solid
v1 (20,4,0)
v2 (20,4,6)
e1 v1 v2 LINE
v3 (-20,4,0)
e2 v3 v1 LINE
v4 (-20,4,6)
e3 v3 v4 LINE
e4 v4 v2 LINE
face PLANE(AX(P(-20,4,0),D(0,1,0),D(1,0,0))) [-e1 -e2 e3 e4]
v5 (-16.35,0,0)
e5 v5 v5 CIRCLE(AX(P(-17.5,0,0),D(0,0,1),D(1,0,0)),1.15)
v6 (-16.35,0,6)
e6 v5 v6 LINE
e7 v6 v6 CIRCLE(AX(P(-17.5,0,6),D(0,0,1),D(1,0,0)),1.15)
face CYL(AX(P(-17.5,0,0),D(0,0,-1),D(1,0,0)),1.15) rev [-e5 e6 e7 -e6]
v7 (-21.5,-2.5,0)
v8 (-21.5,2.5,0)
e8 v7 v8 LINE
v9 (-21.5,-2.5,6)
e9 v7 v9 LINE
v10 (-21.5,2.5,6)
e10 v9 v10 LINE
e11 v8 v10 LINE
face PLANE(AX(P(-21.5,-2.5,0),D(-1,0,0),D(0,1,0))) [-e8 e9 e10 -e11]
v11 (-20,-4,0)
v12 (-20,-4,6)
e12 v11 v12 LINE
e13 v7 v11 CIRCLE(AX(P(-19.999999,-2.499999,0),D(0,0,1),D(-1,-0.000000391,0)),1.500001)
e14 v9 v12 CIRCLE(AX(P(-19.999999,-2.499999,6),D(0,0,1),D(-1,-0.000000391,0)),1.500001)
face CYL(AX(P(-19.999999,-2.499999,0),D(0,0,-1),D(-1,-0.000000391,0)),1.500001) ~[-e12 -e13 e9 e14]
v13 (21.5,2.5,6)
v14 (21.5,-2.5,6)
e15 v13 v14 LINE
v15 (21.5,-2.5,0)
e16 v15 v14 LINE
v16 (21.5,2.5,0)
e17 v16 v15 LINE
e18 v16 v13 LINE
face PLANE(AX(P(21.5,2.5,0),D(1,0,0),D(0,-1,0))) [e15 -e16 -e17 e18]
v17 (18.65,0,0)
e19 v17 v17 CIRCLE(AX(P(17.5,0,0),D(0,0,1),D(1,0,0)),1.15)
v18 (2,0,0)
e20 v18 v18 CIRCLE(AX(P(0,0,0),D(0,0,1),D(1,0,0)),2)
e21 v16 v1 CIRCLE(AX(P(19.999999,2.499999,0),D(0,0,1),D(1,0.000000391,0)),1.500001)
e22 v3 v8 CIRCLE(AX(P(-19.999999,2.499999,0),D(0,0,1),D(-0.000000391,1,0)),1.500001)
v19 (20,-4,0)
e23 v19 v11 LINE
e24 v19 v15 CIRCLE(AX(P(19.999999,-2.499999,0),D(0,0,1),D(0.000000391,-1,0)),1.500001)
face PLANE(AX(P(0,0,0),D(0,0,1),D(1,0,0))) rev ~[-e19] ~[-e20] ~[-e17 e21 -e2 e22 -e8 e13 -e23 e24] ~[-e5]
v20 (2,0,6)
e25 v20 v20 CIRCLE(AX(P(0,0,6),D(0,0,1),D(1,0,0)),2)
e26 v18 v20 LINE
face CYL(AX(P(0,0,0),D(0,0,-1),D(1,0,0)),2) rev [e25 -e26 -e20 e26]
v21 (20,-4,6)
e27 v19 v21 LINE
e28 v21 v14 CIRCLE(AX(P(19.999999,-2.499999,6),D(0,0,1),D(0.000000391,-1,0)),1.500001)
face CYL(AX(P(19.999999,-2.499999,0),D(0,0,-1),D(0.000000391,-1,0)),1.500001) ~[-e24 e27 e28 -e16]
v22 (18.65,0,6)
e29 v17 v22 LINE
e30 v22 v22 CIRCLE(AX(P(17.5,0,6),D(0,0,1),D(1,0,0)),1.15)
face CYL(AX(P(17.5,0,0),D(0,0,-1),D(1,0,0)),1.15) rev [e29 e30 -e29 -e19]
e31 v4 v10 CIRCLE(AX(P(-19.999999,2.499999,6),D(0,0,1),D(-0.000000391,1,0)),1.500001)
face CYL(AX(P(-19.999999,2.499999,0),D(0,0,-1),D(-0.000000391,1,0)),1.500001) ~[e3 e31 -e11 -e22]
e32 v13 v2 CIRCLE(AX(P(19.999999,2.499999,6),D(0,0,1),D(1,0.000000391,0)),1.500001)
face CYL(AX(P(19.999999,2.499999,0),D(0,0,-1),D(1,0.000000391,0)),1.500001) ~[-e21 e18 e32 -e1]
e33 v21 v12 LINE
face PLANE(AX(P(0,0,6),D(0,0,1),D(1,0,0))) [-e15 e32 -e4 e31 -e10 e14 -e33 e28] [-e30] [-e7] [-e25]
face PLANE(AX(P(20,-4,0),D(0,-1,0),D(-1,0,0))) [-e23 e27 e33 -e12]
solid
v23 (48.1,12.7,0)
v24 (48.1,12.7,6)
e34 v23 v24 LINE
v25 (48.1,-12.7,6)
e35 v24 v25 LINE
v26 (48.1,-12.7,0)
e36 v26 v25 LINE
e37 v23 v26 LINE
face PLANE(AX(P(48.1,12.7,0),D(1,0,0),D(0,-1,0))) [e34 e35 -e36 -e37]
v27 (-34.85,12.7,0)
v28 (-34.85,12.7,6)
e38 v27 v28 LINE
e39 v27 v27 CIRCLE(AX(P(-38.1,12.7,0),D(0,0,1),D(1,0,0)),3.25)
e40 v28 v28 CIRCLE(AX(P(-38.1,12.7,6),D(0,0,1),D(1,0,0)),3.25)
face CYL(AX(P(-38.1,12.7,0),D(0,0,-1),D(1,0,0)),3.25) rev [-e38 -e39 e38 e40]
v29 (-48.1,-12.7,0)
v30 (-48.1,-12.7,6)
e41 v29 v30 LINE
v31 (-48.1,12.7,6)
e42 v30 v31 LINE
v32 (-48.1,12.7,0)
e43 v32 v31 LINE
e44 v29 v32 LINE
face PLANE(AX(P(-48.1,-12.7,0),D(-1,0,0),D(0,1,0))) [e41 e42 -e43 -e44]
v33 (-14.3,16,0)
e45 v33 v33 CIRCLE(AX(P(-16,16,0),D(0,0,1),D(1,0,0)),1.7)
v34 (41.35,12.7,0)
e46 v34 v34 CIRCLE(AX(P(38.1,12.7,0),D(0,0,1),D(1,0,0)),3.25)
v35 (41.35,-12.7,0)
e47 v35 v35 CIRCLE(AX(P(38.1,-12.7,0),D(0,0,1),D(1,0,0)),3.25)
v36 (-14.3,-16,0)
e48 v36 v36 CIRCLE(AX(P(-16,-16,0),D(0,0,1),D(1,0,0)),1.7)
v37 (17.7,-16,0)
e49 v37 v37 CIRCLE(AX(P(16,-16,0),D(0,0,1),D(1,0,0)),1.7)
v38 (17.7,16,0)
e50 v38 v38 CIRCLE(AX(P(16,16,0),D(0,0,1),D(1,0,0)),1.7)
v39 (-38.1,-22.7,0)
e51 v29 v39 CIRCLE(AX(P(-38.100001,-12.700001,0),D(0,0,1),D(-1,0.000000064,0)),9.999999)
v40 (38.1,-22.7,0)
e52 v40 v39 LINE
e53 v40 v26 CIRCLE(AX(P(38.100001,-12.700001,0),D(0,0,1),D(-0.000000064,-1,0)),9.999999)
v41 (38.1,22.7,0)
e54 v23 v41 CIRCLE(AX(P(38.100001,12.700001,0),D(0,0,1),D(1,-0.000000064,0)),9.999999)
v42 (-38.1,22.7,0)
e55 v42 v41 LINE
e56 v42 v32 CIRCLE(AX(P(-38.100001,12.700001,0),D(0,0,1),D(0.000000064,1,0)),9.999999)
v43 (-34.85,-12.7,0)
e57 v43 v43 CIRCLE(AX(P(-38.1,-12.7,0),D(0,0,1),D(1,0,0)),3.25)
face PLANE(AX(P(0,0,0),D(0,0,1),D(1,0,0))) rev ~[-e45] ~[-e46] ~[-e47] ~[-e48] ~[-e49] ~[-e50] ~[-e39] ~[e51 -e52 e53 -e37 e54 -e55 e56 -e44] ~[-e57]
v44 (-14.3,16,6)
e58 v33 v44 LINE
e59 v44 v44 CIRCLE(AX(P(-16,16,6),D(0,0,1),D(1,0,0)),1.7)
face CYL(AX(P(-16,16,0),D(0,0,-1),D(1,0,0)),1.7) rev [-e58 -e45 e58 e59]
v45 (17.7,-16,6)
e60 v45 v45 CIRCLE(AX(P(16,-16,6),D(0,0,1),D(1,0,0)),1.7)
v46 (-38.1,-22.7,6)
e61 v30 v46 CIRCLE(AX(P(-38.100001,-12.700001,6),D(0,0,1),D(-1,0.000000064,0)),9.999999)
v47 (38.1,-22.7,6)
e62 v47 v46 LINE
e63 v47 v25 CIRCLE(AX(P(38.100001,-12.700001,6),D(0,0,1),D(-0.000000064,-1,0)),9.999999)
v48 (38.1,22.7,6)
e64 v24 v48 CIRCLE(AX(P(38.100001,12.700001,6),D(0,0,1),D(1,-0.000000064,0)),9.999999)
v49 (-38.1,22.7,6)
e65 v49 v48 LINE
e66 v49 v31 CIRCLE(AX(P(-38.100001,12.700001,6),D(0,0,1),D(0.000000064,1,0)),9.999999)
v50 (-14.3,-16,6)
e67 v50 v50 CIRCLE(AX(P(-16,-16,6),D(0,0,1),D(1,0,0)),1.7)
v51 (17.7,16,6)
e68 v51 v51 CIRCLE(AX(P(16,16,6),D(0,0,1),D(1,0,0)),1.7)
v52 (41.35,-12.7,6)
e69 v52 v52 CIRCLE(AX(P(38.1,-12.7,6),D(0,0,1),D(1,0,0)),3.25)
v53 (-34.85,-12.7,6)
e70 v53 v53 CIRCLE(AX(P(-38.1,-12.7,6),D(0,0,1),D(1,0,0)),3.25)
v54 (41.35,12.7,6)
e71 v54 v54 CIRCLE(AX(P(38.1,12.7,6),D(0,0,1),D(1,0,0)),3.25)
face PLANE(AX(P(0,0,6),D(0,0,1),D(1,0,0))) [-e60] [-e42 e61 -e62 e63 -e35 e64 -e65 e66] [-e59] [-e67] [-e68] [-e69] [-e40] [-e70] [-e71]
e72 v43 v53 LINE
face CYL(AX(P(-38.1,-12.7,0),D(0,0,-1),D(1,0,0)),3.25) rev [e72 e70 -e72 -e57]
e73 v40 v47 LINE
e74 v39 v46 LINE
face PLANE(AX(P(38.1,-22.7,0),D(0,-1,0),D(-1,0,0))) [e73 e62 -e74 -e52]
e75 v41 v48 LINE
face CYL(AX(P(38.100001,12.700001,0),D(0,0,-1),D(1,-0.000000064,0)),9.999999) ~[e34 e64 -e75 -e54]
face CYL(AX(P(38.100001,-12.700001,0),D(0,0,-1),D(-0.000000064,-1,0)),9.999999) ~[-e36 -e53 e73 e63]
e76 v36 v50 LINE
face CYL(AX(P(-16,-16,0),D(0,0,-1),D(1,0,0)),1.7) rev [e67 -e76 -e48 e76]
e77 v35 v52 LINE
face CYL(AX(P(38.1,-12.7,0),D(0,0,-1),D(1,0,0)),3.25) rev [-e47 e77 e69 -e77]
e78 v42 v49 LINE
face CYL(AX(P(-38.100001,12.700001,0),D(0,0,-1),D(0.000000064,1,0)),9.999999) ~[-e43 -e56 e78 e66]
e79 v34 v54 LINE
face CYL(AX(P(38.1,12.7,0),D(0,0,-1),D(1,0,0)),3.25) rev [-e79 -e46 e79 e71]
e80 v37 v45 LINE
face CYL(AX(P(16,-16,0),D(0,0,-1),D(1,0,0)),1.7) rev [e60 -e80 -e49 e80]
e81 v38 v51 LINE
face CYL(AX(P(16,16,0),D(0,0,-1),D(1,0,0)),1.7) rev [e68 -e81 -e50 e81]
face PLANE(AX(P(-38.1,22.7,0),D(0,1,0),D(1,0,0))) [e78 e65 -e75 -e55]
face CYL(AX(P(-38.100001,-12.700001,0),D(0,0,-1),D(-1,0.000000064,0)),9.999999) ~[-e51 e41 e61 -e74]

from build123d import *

# Parameters (mm, degrees)
SKETCH_R      = 3.25
SKETCH_R_2    = 1.7
PAD_DEPTH     = 6
SKETCH001_R   = 1.15
SKETCH001_R_2 = 2
PAD001_DEPTH  = 6


with BuildPart() as body:
    # Sketch → Pad (new body)
    with BuildSketch(Plane.XY):
        with BuildLine():
            ThreePointArc((-38.1, 22.7), (-45.171068, 19.771068), (-48.1, 12.7))
            Line((-48.1, -12.7), (-48.1, 12.7))
            ThreePointArc((-48.1, -12.7), (-45.171068, -19.771068), (-38.1, -22.7))
            Line((38.1, -22.7), (-38.1, -22.7))
            ThreePointArc((38.1, -22.7), (45.171068, -19.771068), (48.1, -12.7))
            Line((48.1, 12.7), (48.1, -12.7))
            ThreePointArc((48.1, 12.7), (45.171068, 19.771068), (38.1, 22.7))
            Line((-38.1, 22.7), (38.1, 22.7))
        make_face()
        with Locations((-38.1, 12.7)):
            Circle(SKETCH_R, mode=Mode.SUBTRACT)
        with Locations((38.1, 12.7)):
            Circle(SKETCH_R, mode=Mode.SUBTRACT)
        with Locations((38.1, -12.7)):
            Circle(SKETCH_R, mode=Mode.SUBTRACT)
        with Locations((-38.1, -12.7)):
            Circle(SKETCH_R, mode=Mode.SUBTRACT)
        with Locations((-16, 16)):
            Circle(SKETCH_R_2, mode=Mode.SUBTRACT)
        with Locations((16, 16)):
            Circle(SKETCH_R_2, mode=Mode.SUBTRACT)
        with Locations((16, -16)):
            Circle(SKETCH_R_2, mode=Mode.SUBTRACT)
        with Locations((-16, -16)):
            Circle(SKETCH_R_2, mode=Mode.SUBTRACT)
    extrude(amount=PAD_DEPTH)


with BuildPart() as body001:
    # Sketch001 → Pad001 (new body)
    with BuildSketch(Plane.XY):
        with BuildLine():
            ThreePointArc((-20, 4), (-21.06066, 3.56066), (-21.5, 2.5))
            Line((-21.5, -2.5), (-21.5, 2.5))
            ThreePointArc((-21.5, -2.5), (-21.06066, -3.56066), (-20, -4))
            Line((20, -4), (-20, -4))
            ThreePointArc((20, -4), (21.06066, -3.56066), (21.5, -2.5))
            Line((21.5, 2.5), (21.5, -2.5))
            ThreePointArc((21.5, 2.5), (21.06066, 3.56066), (20, 4))
            Line((-20, 4), (20, 4))
        make_face()
        with Locations((-17.5, 0)):
            Circle(SKETCH001_R, mode=Mode.SUBTRACT)
        with Locations((17.5, 0)):
            Circle(SKETCH001_R, mode=Mode.SUBTRACT)
        Circle(SKETCH001_R_2, mode=Mode.SUBTRACT)
    extrude(amount=PAD001_DEPTH)


solid = Compound([body.part, body001.part])
